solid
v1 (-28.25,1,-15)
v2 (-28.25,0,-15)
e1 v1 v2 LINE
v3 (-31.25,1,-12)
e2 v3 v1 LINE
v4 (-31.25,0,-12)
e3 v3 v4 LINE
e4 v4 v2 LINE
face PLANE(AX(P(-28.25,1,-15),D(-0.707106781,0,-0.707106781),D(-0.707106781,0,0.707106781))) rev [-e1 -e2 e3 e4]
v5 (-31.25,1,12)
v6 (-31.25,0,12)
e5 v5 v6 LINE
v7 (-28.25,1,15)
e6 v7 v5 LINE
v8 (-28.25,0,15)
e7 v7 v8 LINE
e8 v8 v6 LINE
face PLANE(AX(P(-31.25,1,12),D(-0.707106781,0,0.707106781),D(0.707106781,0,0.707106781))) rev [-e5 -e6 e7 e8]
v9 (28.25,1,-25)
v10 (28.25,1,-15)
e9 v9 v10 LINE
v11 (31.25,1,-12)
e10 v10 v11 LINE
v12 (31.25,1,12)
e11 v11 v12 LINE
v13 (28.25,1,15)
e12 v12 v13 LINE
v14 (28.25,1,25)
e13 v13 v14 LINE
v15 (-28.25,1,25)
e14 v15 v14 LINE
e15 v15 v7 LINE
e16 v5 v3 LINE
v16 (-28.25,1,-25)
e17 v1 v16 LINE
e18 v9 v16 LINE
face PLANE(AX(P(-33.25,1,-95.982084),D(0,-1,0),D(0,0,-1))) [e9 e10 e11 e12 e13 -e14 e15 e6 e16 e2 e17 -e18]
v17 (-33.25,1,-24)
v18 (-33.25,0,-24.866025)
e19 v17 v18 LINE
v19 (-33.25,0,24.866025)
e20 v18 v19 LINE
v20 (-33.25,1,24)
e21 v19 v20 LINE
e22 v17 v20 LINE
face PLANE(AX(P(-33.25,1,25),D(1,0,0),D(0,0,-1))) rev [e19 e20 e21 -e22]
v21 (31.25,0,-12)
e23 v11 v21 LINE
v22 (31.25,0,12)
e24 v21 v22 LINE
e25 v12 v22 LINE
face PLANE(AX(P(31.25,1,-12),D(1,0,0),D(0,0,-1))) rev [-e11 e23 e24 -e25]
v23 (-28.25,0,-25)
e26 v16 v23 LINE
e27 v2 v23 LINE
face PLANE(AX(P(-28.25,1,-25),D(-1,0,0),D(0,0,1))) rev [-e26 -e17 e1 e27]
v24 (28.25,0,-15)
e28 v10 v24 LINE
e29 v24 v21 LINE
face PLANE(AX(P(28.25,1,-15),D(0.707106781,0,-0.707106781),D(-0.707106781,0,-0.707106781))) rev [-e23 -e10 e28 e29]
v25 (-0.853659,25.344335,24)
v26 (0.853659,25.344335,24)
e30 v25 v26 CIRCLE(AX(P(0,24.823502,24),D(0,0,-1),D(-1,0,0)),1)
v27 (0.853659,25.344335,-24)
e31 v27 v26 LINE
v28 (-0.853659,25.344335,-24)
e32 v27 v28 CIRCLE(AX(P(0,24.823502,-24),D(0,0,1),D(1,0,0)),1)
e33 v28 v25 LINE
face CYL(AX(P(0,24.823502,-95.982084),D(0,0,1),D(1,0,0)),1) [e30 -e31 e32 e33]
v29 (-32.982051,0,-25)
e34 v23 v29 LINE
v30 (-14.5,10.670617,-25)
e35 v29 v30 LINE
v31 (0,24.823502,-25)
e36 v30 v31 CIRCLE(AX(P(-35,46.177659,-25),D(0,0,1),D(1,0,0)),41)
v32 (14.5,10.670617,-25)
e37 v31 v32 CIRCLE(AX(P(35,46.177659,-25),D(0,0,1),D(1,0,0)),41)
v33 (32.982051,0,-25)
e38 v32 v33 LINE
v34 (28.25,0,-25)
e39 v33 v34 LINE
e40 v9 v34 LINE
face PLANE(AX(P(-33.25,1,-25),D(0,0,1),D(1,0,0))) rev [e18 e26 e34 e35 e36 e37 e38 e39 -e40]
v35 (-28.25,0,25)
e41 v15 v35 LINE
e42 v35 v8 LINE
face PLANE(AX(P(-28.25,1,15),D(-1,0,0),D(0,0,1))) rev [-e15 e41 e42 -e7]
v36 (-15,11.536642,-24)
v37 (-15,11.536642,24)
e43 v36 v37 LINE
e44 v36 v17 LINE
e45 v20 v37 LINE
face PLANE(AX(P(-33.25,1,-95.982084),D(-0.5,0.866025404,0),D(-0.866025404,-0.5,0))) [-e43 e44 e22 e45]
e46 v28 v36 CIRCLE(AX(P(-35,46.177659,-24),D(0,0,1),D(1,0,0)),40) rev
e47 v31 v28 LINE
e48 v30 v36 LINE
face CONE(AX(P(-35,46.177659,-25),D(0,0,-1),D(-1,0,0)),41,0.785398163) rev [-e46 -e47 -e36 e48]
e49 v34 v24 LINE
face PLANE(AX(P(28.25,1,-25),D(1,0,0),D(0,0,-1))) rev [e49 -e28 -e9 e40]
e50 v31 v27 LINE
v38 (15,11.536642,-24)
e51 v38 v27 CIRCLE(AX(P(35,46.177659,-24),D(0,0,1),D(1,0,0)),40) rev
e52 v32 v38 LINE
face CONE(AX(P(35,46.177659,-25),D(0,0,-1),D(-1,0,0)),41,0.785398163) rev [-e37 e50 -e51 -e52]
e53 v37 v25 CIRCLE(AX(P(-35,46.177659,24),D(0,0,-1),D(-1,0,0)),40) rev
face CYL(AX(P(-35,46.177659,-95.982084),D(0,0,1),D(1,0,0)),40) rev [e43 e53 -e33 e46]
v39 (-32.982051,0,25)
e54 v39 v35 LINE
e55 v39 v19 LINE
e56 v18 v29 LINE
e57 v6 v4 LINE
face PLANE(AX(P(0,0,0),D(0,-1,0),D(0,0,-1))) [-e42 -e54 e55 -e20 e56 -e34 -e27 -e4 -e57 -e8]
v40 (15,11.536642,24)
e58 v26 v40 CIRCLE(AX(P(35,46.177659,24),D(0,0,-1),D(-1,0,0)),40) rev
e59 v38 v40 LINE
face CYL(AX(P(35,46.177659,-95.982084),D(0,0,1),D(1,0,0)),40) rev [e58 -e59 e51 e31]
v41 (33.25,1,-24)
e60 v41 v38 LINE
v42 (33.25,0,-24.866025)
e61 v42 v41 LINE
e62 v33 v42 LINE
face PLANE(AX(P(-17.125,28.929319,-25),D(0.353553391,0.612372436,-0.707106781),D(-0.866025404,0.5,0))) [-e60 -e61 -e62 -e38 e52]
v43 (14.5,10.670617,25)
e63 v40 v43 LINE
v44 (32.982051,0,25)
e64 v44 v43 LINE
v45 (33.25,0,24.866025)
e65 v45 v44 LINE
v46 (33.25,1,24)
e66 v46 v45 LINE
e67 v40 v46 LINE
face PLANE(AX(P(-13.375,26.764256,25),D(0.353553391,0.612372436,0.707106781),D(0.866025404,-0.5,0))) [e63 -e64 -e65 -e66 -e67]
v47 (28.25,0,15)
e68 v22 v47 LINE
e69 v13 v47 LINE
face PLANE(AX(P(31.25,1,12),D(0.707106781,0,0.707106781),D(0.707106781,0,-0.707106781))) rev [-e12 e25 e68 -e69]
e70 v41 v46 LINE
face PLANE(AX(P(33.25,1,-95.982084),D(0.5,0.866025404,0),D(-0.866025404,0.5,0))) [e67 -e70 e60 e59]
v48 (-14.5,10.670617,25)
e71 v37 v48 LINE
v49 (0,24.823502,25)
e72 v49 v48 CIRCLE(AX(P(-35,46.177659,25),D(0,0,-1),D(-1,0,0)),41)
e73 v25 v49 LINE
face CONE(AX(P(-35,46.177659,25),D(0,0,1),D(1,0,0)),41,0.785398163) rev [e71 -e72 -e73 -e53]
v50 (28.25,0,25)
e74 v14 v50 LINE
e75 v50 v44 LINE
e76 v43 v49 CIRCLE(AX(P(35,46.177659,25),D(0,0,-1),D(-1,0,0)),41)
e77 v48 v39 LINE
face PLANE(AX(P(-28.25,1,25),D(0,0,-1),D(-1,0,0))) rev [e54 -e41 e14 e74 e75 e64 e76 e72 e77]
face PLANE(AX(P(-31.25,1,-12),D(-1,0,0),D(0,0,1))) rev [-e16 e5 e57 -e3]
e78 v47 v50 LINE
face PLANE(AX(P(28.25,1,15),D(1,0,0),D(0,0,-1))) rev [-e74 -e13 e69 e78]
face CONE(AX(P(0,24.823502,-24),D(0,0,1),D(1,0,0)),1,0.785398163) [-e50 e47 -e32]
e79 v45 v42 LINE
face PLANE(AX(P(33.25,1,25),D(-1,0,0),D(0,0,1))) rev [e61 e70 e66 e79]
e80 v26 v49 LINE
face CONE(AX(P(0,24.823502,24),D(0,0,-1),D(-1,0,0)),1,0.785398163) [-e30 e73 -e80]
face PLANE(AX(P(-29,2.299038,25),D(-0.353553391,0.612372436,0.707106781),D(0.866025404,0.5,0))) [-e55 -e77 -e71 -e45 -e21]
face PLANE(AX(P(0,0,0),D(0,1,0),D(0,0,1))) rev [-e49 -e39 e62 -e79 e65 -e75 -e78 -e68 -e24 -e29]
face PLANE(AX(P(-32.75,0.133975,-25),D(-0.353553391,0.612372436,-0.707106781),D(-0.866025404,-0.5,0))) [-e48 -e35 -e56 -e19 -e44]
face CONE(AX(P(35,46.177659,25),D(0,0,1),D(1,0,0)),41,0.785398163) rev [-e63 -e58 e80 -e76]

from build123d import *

# Parameters (mm, degrees)
BOSS_EXTRUDE1_DEPTH   = 1
BOSS_EXTRUDE1_2_DEPTH = 1
BOSS_EXTRUDE2_DEPTH   = 50
CHAMFER1_SIZE         = 1


with BuildPart() as part:
    # Sketch1 → Boss-Extrude1 (new body)
    with BuildSketch(Plane(origin=(0, 0, 0), x_dir=(1, 0, 0), z_dir=(0, 1, 0))):
        Polygon((-28.25, 25), (-28.25, 15), (-31.25, 12), (-31.25, -12), (-28.25, -15), (-28.25, -25), (-33.25, -25), (-33.25, 25), align=None)
    extrude(amount=BOSS_EXTRUDE1_DEPTH)



with BuildPart() as body_2:
    # Sketch1 → Boss-Extrude1 2 (new body)
    with BuildSketch(Plane(origin=(0, 0, 0), x_dir=(1, 0, 0), z_dir=(0, 1, 0))):
        Polygon((33.25, 25), (28.25, 25), (28.25, 15), (31.25, 12), (31.25, -12), (28.25, -15), (28.25, -25), (33.25, -25), align=None)
    extrude(amount=BOSS_EXTRUDE1_2_DEPTH)


with BuildPart() as part_1:
    add(part.part)

    add(body_2.part)  # Boss-Extrude2 merges body 2
    # Sketch2 → Boss-Extrude2 (add)
    with BuildSketch(Plane.XY.offset(25)):
        with BuildLine():
            Line((-33.25, 1), (33.25, 1))
            Line((33.25, 1), (15, 11.536642413))
            ThreePointArc((15, 11.536642413), (7.060428276, 17.552838357), (0.853658537, 25.344335145))
            ThreePointArc((0.853658537, 25.344335145), (0, 25.82350206), (-0.853658537, 25.344335145))
            ThreePointArc((-0.853658537, 25.344335145), (-7.060428276, 17.552838357), (-15, 11.536642413))
            Line((-15, 11.536642413), (-33.25, 1))
        make_face()
    extrude(amount=-BOSS_EXTRUDE2_DEPTH)

    # Chamfer1
    chamfer1_edges = [part_1.edges().sort_by_distance(p)[0] for p in [
        (24.125, 6.268321206, -25),
        (24.125, 6.268321206, 25),
        (7.060428276, 17.552838357, -25),
        (7.060428276, 17.552838357, 25),
        (0, 25.82350206, -25),
        (0, 25.82350206, 25),
        (-24.125, 6.268321206, -25),
        (-24.125, 6.268321206, 25),
        (-7.060428276, 17.552838357, -25),
        (-7.060428276, 17.552838357, 25),
    ]]
    chamfer(chamfer1_edges, length=CHAMFER1_SIZE)


solid = part_1.part
